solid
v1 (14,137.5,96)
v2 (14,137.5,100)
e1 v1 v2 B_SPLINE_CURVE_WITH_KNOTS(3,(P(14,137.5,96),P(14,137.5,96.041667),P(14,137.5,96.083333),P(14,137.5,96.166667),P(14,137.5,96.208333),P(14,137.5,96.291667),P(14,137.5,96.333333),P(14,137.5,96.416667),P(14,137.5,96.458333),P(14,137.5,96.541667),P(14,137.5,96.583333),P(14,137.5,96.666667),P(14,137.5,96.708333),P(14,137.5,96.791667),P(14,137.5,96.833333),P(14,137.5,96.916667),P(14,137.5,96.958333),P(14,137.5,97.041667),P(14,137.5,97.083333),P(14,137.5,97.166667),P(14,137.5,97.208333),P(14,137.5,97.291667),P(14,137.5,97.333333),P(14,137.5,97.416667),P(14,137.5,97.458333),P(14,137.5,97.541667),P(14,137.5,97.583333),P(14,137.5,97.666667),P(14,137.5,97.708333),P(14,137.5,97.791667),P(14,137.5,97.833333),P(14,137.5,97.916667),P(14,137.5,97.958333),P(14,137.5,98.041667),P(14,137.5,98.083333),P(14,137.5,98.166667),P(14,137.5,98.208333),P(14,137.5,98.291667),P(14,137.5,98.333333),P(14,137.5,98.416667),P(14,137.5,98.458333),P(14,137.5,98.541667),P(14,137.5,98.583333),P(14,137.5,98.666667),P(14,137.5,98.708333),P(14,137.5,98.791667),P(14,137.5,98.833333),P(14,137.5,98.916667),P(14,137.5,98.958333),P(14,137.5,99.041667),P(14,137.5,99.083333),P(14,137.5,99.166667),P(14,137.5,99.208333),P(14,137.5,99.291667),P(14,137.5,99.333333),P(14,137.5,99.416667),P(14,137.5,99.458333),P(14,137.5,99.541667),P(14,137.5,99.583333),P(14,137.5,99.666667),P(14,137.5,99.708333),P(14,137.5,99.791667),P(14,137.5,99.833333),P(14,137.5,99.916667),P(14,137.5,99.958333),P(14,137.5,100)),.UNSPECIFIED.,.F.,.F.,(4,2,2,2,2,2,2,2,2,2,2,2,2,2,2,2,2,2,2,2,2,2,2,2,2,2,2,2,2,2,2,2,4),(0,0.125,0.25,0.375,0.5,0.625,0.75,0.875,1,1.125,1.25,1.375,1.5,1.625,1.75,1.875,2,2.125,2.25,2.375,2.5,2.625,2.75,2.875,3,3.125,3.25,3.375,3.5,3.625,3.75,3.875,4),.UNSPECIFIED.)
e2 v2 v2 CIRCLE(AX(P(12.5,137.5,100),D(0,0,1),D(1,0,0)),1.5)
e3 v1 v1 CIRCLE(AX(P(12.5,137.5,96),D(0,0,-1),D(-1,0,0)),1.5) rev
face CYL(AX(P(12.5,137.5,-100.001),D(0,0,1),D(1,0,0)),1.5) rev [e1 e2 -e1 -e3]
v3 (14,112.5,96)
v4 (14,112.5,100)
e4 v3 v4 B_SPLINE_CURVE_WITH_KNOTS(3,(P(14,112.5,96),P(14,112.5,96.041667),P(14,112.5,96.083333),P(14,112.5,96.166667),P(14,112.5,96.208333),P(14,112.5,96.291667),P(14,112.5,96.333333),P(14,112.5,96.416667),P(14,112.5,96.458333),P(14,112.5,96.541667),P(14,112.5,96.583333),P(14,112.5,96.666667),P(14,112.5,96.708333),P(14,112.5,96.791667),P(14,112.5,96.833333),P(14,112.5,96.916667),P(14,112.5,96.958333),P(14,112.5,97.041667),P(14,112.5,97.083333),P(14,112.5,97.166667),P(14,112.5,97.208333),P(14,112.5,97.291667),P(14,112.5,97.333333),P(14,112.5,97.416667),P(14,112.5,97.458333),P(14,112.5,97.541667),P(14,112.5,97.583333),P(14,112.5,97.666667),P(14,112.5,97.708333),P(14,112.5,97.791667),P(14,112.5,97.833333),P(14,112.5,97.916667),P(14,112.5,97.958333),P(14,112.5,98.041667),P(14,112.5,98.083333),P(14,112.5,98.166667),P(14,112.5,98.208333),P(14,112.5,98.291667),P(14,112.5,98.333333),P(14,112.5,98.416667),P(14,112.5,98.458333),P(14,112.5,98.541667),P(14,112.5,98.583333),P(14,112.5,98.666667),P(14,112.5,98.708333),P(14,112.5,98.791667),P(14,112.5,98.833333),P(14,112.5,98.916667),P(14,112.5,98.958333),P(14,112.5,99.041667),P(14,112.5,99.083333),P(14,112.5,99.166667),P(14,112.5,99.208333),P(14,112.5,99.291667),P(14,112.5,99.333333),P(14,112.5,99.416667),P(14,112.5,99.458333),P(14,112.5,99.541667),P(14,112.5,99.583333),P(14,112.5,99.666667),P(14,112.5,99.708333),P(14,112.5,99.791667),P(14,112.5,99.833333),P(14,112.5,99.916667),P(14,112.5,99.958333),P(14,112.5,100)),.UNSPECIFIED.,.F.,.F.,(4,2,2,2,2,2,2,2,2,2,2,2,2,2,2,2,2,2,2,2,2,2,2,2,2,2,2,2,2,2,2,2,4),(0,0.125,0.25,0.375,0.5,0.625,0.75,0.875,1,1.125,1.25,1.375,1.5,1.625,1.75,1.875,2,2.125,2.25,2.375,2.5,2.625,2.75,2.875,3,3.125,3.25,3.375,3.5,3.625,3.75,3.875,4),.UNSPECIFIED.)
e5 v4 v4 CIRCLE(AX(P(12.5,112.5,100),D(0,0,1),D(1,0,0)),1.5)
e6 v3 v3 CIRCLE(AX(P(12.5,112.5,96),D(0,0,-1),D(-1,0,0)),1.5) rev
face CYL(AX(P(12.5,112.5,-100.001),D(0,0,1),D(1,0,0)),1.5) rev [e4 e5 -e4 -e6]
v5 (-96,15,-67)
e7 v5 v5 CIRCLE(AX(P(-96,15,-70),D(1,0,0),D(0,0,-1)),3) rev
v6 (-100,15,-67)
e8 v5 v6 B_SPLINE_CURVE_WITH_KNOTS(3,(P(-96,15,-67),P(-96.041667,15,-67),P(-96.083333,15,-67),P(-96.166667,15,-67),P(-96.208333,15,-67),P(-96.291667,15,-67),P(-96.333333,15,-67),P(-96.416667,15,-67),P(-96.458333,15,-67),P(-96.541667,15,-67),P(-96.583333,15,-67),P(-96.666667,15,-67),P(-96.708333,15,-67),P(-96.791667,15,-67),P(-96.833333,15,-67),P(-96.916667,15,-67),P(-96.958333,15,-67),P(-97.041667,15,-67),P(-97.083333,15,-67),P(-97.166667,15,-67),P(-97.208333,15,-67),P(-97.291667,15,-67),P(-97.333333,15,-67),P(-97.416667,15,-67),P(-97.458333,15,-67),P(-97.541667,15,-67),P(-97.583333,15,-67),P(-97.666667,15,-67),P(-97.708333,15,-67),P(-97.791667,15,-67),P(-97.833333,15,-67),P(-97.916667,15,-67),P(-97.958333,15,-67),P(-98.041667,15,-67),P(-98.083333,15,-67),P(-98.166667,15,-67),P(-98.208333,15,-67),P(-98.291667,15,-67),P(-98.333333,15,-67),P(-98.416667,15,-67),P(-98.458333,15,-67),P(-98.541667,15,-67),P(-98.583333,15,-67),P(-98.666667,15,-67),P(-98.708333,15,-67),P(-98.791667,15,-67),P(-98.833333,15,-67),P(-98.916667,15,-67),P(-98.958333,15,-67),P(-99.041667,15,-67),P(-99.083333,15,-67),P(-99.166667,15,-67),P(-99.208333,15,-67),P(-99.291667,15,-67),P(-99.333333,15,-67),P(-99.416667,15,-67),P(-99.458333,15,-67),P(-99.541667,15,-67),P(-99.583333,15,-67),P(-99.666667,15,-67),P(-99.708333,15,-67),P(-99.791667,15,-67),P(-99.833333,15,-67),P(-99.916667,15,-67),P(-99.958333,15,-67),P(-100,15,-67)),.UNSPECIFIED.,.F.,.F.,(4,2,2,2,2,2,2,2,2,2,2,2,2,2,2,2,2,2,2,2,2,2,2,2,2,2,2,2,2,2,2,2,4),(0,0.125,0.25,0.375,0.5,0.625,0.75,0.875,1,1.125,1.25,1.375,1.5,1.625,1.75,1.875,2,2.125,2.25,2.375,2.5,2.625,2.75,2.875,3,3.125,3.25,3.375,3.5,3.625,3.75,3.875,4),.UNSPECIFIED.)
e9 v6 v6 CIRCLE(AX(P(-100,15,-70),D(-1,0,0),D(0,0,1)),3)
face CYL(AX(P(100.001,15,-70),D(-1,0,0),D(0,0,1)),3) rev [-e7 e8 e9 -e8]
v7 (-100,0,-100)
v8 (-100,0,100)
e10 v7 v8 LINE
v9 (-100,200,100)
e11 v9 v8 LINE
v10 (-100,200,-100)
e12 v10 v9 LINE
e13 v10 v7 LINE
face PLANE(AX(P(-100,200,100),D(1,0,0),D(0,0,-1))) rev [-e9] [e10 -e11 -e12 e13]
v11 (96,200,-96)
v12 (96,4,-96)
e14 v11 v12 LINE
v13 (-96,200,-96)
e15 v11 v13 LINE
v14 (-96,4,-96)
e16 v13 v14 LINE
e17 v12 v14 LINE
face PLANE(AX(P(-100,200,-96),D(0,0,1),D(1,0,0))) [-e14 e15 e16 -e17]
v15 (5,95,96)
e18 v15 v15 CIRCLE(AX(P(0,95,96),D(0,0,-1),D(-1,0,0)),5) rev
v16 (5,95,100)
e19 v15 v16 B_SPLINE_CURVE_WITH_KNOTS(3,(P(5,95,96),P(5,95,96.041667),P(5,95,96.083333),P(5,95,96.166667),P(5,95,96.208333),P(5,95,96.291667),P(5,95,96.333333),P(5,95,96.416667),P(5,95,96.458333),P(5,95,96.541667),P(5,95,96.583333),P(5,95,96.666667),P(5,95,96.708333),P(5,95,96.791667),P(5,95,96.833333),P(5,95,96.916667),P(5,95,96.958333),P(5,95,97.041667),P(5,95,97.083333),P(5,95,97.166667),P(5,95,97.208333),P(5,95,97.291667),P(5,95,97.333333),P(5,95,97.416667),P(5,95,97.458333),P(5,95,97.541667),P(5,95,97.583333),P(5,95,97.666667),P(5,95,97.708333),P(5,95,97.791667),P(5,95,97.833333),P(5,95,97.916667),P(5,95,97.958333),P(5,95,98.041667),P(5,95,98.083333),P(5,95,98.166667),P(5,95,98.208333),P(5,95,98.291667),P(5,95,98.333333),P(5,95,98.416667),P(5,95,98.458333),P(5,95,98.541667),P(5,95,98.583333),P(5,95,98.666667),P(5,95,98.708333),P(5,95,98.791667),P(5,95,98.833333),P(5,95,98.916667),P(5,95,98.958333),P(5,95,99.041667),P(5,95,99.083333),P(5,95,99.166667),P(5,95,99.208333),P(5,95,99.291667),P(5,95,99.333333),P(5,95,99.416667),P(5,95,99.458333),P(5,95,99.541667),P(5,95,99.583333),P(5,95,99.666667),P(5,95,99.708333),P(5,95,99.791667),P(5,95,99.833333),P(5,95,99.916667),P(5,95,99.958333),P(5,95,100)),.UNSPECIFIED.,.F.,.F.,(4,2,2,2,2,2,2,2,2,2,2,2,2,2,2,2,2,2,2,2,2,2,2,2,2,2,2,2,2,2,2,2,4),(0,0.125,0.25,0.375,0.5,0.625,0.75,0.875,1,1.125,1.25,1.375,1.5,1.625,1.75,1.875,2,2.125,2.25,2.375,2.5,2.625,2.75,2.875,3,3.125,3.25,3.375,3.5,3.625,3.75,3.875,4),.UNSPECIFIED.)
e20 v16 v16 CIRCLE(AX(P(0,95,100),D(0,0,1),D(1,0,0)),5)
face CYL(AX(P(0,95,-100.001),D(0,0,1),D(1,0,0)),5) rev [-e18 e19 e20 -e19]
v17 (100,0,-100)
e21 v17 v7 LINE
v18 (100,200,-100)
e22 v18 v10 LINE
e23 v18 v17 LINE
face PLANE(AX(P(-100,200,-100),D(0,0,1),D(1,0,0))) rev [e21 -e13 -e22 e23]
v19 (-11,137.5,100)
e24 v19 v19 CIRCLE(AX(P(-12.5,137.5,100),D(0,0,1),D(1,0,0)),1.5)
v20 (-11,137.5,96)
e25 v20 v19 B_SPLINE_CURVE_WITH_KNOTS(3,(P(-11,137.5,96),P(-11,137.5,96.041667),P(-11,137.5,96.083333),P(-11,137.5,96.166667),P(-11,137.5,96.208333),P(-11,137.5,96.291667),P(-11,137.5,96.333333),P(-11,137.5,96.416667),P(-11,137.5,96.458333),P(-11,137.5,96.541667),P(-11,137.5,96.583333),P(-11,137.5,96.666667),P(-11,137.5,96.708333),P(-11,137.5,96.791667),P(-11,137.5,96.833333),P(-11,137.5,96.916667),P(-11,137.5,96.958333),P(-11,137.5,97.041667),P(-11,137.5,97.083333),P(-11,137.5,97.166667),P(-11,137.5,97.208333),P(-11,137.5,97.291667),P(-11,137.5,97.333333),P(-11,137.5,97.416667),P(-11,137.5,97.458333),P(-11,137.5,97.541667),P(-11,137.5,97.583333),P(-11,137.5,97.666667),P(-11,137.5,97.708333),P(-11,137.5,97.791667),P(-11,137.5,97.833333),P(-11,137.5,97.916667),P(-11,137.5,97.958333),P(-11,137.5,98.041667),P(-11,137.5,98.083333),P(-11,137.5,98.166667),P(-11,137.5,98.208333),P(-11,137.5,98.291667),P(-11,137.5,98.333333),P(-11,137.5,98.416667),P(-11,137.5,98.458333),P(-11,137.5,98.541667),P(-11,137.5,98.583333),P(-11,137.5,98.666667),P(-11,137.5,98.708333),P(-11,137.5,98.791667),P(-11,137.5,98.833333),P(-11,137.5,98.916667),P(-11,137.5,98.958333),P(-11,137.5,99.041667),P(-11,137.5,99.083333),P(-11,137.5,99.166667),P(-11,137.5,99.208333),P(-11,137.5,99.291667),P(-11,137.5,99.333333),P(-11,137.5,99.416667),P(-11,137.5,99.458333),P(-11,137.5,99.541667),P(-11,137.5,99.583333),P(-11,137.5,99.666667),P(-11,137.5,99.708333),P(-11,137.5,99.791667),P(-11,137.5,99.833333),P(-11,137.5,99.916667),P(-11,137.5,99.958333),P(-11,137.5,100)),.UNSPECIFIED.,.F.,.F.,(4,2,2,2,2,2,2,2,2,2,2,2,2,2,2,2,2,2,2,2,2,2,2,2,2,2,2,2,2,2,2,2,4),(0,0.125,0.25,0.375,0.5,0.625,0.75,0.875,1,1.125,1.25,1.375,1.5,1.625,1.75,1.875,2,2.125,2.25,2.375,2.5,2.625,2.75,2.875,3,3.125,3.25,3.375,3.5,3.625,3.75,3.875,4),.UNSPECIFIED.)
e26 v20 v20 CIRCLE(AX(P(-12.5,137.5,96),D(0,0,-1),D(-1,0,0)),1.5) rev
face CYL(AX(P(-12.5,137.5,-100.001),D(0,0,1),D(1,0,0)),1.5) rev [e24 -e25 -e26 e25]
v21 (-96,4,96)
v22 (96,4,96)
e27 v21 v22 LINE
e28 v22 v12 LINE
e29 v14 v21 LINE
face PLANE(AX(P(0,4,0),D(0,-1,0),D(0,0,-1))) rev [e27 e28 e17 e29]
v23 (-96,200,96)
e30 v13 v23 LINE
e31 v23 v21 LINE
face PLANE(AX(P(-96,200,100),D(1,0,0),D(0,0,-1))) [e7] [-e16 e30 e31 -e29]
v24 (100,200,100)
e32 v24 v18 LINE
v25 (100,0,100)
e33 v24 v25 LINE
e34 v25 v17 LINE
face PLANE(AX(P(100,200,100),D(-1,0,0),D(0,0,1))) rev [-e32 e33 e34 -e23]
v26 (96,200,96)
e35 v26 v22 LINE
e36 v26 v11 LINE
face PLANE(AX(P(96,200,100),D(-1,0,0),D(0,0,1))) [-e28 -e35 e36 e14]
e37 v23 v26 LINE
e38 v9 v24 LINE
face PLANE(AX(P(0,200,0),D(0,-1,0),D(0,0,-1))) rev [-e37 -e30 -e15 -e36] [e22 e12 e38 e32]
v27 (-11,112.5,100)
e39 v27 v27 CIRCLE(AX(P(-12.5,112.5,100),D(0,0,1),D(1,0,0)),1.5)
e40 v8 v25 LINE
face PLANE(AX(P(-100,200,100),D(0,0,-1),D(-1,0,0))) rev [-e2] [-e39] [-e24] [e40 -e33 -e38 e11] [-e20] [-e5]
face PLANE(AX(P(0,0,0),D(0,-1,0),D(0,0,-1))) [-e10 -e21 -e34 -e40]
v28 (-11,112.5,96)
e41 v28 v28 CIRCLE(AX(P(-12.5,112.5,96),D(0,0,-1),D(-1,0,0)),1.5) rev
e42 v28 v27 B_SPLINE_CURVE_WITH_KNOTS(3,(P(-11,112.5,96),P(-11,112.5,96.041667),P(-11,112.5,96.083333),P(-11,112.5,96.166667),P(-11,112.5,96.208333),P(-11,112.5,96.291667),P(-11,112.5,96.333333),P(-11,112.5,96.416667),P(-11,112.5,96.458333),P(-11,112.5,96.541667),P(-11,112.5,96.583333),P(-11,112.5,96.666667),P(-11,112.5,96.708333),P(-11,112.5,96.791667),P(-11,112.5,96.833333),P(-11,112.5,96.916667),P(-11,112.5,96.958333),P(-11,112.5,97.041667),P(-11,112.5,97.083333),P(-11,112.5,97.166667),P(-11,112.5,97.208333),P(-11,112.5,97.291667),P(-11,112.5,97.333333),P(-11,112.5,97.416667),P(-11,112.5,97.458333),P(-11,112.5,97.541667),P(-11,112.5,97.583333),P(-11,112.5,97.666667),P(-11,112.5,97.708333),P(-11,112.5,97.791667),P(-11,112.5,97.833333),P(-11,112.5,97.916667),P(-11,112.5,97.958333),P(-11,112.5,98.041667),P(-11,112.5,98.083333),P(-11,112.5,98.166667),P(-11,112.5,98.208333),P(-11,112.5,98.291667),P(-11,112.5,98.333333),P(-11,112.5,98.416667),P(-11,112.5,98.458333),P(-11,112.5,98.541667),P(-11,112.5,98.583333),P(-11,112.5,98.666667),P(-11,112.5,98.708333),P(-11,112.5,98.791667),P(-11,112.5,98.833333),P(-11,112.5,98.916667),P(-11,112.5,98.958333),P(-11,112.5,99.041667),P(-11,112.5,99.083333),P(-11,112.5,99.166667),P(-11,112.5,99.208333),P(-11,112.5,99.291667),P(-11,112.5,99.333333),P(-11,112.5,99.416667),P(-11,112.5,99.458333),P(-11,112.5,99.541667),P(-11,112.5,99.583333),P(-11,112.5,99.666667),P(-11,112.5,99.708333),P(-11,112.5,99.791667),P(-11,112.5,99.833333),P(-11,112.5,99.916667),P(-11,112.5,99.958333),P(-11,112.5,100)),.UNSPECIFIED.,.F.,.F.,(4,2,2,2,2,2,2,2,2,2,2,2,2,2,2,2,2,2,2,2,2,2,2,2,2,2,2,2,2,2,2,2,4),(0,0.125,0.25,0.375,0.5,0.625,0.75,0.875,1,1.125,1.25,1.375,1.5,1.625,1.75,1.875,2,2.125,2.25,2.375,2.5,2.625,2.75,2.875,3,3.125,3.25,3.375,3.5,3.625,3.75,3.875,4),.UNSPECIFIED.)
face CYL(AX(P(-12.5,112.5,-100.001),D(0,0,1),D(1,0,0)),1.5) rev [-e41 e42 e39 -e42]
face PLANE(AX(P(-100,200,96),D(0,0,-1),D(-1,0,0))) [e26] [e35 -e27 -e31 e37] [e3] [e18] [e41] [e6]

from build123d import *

# Parameters (mm, degrees)
SKETCH1_W           = 200
SKETCH1_H           = 200
BOSS_EXTRUDE1_DEPTH = 200
SHELL1_T            = -4
CUT_EXTRUDE1_REACH  = 302
SKETCH2_R           = 1.5
SKETCH2_R_2         = 5
CUT_EXTRUDE2_REACH  = 302
SKETCH3_R           = 3


with BuildPart() as part:
    # Sketch1 → Boss-Extrude1 (new body)
    with BuildSketch(Plane(origin=(0, 0, 0), x_dir=(1, 0, 0), z_dir=(0, 1, 0))):
        Rectangle(SKETCH1_W, SKETCH1_H)
    extrude(amount=BOSS_EXTRUDE1_DEPTH)

    # Shell1
    shell1_openings = [part.faces().sort_by_distance(p)[0] for p in [
        (0, 200, 0),
    ]]
    offset(amount=SHELL1_T, openings=shell1_openings, kind=Kind.INTERSECTION)

    # Sketch2 → Cut-Extrude1 (cut, up to next)
    with BuildSketch(Plane.XY.offset(100), mode=Mode.PRIVATE) as cut_extrude1_sk1:
        with Locations((-12.5, 137.5)):
            Circle(SKETCH2_R)
    cut_extrude1_tool1 = extrude(cut_extrude1_sk1.sketch, amount=-CUT_EXTRUDE1_REACH, mode=Mode.PRIVATE) & part.part
    # Sketch2 → Cut-Extrude1 (cut, up to next)
    with BuildSketch(Plane.XY.offset(100), mode=Mode.PRIVATE) as cut_extrude1_sk2:
        with Locations((12.5, 137.5)):
            Circle(SKETCH2_R)
    cut_extrude1_tool2 = extrude(cut_extrude1_sk2.sketch, amount=-CUT_EXTRUDE1_REACH, mode=Mode.PRIVATE) & part.part
    # Sketch2 → Cut-Extrude1 (cut, up to next)
    with BuildSketch(Plane.XY.offset(100), mode=Mode.PRIVATE) as cut_extrude1_sk3:
        with Locations((12.5, 112.5)):
            Circle(SKETCH2_R)
    cut_extrude1_tool3 = extrude(cut_extrude1_sk3.sketch, amount=-CUT_EXTRUDE1_REACH, mode=Mode.PRIVATE) & part.part
    # Sketch2 → Cut-Extrude1 (cut, up to next)
    with BuildSketch(Plane.XY.offset(100), mode=Mode.PRIVATE) as cut_extrude1_sk4:
        with Locations((-12.5, 112.5)):
            Circle(SKETCH2_R)
    cut_extrude1_tool4 = extrude(cut_extrude1_sk4.sketch, amount=-CUT_EXTRUDE1_REACH, mode=Mode.PRIVATE) & part.part
    # Sketch2 → Cut-Extrude1 (cut, up to next)
    with BuildSketch(Plane.XY.offset(100), mode=Mode.PRIVATE) as cut_extrude1_sk5:
        with Locations((0, 95)):
            Circle(SKETCH2_R_2)
    cut_extrude1_tool5 = extrude(cut_extrude1_sk5.sketch, amount=-CUT_EXTRUDE1_REACH, mode=Mode.PRIVATE) & part.part
    add(cut_extrude1_tool1.solids().sort_by_distance((-12.5, 137.5, 100))[0], mode=Mode.SUBTRACT)
    add(cut_extrude1_tool2.solids().sort_by_distance((12.5, 137.5, 100))[0], mode=Mode.SUBTRACT)
    add(cut_extrude1_tool3.solids().sort_by_distance((12.5, 112.5, 100))[0], mode=Mode.SUBTRACT)
    add(cut_extrude1_tool4.solids().sort_by_distance((-12.5, 112.5, 100))[0], mode=Mode.SUBTRACT)
    add(cut_extrude1_tool5.solids().sort_by_distance((0, 95, 100))[0], mode=Mode.SUBTRACT)

    # Sketch3 → Cut-Extrude2 (cut, up to next)
    with BuildSketch(Plane.ZY.offset(100), mode=Mode.PRIVATE) as cut_extrude2_sk1:
        with Locations((-70, 15)):
            Circle(SKETCH3_R)
    cut_extrude2_tool1 = extrude(cut_extrude2_sk1.sketch, amount=-CUT_EXTRUDE2_REACH, mode=Mode.PRIVATE) & part.part
    add(cut_extrude2_tool1.solids().sort_by_distance((-100, 15, -70))[0], mode=Mode.SUBTRACT)


solid = part.part
